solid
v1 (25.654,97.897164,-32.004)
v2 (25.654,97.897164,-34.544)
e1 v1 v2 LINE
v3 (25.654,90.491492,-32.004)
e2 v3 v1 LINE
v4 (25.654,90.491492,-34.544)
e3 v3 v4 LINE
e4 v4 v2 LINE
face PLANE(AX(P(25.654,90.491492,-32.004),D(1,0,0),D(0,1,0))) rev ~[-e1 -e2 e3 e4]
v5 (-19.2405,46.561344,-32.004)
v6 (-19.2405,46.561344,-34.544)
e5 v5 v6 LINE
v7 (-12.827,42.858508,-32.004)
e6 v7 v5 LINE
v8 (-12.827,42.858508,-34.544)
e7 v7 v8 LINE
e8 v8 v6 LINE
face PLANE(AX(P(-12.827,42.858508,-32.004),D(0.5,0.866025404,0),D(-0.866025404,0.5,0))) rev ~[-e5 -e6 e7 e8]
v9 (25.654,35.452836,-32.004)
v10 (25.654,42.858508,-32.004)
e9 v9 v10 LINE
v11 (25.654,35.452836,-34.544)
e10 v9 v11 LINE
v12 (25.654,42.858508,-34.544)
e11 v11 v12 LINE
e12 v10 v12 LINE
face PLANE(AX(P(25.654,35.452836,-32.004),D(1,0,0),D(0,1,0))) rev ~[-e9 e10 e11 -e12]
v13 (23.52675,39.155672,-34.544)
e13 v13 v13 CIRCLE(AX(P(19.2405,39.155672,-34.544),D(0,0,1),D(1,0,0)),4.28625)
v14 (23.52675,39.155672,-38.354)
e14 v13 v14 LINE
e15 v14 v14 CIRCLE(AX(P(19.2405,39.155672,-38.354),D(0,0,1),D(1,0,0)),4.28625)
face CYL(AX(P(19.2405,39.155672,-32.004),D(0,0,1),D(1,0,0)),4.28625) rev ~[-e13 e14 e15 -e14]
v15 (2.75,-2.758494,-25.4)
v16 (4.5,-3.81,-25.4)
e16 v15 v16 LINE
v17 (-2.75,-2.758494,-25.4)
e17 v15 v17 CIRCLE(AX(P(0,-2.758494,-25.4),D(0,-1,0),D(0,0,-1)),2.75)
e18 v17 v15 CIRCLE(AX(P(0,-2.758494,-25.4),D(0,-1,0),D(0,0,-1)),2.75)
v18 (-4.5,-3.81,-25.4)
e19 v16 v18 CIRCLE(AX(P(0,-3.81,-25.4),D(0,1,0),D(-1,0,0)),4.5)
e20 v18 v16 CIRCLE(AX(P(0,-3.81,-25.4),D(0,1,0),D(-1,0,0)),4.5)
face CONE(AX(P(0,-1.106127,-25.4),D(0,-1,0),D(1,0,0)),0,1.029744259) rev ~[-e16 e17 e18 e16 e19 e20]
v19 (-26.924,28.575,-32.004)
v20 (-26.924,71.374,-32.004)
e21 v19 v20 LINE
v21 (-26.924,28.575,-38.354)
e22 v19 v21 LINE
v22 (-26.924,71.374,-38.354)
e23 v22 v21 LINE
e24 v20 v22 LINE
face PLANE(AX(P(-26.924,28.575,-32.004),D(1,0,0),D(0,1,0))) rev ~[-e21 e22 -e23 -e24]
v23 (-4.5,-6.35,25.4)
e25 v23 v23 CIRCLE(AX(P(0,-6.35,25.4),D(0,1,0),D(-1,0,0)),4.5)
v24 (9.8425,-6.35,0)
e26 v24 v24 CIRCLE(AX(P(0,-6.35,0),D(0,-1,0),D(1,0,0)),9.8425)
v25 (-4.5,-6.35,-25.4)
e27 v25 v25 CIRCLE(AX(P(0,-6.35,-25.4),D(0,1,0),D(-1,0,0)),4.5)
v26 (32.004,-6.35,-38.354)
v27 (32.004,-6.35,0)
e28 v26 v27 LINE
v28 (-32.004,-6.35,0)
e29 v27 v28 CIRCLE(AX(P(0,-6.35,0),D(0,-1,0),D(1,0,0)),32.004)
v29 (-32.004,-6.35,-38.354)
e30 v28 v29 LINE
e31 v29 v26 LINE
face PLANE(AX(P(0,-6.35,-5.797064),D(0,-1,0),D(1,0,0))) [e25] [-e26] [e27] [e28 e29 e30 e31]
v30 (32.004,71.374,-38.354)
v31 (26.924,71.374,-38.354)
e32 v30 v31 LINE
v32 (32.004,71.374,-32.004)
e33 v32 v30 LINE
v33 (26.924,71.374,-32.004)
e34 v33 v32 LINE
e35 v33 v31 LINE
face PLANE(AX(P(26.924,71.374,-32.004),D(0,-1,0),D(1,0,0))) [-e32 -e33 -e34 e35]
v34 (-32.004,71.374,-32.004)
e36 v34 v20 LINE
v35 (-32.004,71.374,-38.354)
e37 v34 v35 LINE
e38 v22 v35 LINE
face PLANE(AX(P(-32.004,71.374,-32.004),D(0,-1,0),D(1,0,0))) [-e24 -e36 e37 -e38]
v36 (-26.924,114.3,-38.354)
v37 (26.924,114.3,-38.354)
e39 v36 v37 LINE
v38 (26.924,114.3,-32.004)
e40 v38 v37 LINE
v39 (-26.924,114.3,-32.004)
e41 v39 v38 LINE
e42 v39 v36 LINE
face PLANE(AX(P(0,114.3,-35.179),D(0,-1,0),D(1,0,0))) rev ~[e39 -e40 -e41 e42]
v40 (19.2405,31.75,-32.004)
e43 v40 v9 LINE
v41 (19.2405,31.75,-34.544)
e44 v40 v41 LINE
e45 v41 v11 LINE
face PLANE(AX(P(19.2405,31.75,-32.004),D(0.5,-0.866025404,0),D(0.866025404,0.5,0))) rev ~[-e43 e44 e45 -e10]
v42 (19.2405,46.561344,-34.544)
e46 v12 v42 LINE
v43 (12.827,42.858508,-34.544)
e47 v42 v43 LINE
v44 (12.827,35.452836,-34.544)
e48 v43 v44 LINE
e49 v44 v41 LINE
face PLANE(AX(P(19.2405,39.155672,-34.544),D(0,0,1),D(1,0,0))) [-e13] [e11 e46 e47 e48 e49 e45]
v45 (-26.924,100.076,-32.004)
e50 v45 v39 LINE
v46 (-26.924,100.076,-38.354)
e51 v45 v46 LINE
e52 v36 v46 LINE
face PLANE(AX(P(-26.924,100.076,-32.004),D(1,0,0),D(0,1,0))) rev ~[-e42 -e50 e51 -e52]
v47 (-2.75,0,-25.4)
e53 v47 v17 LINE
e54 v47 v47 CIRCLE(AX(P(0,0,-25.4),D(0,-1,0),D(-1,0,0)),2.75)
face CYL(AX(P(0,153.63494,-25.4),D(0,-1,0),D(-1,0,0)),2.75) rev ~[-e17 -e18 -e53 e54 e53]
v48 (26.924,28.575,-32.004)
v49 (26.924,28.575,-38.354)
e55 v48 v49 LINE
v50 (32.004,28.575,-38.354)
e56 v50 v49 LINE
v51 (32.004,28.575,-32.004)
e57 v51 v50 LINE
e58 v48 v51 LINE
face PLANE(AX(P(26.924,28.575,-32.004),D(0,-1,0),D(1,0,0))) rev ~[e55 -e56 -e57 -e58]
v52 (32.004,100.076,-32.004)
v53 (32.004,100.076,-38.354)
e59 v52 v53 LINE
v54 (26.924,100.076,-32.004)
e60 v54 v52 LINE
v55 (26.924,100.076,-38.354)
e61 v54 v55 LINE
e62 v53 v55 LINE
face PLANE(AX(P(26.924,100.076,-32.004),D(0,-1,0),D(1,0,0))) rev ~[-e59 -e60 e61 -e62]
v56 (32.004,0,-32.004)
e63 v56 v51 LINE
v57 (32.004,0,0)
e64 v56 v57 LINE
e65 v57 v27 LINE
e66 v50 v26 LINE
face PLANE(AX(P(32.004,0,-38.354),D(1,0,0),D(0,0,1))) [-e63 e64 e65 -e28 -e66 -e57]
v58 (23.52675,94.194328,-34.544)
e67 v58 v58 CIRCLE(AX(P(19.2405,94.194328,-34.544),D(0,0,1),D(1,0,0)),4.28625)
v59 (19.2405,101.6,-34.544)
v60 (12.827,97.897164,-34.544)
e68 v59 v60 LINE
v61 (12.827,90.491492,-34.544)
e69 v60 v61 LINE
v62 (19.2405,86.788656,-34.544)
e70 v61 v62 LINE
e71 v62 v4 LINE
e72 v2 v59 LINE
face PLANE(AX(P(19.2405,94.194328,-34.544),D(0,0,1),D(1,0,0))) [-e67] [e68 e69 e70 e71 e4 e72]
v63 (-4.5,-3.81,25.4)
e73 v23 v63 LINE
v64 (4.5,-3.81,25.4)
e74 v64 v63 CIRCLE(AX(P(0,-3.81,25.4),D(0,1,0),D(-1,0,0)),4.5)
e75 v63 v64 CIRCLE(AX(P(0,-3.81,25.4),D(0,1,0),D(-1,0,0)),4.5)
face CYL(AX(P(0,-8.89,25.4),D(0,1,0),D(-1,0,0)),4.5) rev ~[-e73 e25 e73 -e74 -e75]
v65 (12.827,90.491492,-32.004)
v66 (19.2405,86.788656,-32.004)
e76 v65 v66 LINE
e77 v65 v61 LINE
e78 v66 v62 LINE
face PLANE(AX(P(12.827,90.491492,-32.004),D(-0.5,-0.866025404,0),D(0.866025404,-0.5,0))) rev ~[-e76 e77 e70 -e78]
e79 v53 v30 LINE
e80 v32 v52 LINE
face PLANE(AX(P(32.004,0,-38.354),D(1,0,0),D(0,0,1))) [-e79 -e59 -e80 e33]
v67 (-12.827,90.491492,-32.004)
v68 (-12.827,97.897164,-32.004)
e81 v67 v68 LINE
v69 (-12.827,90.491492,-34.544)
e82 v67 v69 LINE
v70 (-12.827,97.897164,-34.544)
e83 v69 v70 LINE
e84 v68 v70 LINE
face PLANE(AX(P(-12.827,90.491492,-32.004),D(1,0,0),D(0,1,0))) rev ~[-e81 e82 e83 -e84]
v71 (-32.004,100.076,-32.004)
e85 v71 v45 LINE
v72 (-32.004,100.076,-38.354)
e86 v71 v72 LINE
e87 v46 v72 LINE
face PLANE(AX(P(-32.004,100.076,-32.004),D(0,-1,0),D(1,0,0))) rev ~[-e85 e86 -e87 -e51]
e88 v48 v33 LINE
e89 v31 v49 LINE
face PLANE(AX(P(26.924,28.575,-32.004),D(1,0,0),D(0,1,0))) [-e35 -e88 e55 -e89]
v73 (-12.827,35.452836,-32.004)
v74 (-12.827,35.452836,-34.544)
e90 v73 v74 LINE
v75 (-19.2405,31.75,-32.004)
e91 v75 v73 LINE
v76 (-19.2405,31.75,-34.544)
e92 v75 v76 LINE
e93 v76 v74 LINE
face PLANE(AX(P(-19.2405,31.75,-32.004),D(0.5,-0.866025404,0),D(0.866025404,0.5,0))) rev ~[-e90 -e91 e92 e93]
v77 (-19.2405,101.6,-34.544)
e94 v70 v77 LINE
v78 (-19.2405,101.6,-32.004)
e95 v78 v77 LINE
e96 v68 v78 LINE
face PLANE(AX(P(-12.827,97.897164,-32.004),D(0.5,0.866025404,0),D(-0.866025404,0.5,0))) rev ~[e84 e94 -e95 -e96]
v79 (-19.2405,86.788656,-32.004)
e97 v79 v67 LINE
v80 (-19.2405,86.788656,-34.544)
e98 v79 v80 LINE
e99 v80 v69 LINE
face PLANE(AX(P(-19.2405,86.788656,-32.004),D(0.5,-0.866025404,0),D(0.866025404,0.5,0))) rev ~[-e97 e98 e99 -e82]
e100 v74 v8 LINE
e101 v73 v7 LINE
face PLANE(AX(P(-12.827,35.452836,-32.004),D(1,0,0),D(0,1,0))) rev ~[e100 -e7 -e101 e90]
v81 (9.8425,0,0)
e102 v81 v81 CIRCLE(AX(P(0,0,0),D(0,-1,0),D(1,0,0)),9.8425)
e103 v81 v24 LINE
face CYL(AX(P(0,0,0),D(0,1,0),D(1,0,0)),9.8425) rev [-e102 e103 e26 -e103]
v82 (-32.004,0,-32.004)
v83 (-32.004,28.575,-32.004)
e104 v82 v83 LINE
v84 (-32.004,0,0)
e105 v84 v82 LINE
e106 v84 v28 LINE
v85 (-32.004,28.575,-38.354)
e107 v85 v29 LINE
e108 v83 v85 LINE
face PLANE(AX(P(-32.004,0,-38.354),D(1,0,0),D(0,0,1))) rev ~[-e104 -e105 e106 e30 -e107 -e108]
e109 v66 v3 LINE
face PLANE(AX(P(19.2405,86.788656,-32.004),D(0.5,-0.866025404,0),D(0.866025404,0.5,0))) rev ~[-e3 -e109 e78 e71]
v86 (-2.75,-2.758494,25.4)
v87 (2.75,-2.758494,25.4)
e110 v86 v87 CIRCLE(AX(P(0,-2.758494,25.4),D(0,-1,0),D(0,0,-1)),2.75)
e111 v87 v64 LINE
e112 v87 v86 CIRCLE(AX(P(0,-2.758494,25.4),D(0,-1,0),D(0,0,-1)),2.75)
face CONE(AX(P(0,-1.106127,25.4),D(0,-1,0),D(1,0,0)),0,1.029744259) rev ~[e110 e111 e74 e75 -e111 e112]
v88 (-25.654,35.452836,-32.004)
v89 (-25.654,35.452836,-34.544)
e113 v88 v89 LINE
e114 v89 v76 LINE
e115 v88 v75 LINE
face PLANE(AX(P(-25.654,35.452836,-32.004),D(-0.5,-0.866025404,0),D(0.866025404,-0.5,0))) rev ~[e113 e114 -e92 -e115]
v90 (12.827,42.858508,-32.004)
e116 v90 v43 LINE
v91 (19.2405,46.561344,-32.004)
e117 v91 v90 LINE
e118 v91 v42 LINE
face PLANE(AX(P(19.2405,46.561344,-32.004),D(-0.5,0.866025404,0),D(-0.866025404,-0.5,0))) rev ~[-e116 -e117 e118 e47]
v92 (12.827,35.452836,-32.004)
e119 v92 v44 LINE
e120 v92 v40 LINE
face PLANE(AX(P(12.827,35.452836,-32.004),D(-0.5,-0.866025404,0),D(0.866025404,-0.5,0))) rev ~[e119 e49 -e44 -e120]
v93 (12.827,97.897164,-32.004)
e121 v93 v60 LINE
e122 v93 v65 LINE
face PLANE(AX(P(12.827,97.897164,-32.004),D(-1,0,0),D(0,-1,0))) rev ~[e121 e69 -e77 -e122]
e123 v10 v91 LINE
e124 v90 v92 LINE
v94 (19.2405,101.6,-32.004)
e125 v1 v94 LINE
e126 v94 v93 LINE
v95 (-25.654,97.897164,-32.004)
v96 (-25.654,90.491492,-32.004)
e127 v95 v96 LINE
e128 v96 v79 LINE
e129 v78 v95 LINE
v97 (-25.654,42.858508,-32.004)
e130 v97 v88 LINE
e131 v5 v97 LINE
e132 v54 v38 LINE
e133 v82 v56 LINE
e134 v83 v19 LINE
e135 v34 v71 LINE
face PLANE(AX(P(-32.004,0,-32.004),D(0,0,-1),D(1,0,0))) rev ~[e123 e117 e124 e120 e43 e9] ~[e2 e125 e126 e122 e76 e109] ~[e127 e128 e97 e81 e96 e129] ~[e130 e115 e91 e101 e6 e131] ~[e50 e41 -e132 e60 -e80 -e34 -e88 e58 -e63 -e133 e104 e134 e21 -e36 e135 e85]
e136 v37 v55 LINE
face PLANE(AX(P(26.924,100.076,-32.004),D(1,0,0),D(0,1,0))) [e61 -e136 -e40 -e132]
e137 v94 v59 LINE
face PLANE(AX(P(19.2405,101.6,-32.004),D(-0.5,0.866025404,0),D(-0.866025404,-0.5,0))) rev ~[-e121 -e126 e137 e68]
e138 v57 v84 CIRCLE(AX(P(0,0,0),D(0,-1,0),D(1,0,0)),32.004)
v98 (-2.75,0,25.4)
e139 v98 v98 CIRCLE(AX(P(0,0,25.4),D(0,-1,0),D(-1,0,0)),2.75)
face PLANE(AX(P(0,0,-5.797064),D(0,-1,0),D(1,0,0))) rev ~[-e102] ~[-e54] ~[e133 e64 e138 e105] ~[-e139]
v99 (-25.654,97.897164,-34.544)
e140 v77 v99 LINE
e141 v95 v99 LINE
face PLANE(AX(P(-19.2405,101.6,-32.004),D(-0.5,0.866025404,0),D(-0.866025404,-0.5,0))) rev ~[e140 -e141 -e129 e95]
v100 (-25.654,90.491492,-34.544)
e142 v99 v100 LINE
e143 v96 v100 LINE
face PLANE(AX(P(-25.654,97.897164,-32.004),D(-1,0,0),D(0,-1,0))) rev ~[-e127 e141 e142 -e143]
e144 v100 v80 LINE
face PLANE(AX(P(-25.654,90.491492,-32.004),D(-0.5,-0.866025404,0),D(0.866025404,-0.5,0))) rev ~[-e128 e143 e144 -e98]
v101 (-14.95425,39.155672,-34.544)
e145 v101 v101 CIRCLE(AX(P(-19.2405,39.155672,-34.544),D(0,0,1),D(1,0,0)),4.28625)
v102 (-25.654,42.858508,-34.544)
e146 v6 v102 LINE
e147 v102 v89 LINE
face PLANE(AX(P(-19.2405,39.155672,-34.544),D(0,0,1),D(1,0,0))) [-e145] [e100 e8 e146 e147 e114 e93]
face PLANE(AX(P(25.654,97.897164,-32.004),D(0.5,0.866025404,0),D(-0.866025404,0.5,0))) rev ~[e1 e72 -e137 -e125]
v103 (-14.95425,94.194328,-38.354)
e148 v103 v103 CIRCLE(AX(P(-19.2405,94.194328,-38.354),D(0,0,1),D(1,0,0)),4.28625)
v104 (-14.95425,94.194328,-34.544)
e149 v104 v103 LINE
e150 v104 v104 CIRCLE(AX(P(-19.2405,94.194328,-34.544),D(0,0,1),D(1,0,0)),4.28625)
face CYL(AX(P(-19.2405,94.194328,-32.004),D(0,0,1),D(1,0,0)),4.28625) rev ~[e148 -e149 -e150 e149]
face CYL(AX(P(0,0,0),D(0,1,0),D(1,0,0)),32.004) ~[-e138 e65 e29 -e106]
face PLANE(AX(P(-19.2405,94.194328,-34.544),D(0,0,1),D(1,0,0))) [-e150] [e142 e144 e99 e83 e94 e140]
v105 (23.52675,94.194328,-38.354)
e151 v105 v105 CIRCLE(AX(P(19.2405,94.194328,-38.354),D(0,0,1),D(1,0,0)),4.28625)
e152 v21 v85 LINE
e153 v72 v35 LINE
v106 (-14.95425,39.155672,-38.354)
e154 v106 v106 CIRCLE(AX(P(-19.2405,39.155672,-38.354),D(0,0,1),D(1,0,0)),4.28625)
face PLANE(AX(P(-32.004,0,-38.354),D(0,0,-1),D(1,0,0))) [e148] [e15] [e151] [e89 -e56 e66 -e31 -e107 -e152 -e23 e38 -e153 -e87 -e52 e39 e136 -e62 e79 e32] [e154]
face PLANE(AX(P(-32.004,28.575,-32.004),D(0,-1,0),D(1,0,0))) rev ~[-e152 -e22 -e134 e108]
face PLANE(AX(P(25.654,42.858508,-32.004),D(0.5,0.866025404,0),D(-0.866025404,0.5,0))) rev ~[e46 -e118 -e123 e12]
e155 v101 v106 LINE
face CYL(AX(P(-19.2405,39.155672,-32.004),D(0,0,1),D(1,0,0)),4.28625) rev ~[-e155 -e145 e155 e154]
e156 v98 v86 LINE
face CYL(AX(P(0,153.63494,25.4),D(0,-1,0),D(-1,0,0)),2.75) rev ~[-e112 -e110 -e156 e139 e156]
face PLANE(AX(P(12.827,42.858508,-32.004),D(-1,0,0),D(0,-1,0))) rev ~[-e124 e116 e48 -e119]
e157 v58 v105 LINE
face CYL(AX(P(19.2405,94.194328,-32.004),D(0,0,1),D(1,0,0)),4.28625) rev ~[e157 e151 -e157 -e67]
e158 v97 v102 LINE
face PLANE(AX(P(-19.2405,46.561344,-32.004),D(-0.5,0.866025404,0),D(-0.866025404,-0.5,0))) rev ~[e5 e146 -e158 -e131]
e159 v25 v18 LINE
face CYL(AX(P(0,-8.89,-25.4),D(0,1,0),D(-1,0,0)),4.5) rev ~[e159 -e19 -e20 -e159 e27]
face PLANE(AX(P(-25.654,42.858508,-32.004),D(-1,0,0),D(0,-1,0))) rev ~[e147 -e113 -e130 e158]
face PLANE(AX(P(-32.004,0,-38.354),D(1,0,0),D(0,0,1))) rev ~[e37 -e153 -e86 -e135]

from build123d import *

# Parameters (mm, degrees)
F0_R     = 9.8425
F0_W     = 64.008
F0_H     = 6.35
F1_DEPTH = 6.35
F2_DEPTH = 114.3
F3_D     = 5.5
F4_R     = 4.28625
F5_DEPTH = 2.54
F6_DEPTH = 6.351
F4_W     = 5.08
F4_H     = 14.224
F4_H_2   = 42.799
F7_DEPTH = 6.351
F9_D     = 9
F9_DEPTH = 2.54
F9_TIP   = 2.7038727856


with BuildPart() as f1:
    # F0 (on Front) → F1 (new body)
    with BuildSketch(Plane.XZ):
        with BuildLine():
            Line((32.004, -32.004), (32.004, 0))
            ThreePointArc((32.004, 0), (0, 32.004), (-32.004, 0))
            Line((-32.004, 0), (-32.004, -32.004))
            Line((-32.004, -32.004), (32.004, -32.004))
        make_face()
        Circle(F0_R, mode=Mode.SUBTRACT)
        with Locations((0, -35.179)):
            Rectangle(F0_W, F0_H)
    extrude(amount=F1_DEPTH)

    # F0 (on Front) → F2 (join)
    with BuildSketch(Plane.XZ):
        with Locations((0, -35.179)):
            Rectangle(F0_W, F0_H)
    extrude(amount=-F2_DEPTH)

    # F3 (through all)
    with Locations(Plane(origin=(0, 0, 0), x_dir=(1, 0, 0), z_dir=(0, 1, 0))):
        with Locations((0, -25.4), (0, 25.4)):
            Hole(F3_D / 2)

    # F4 (on face) → F5 (cut)
    with BuildSketch(Plane.XY.offset(-32.004)):
        Polygon((-12.827, 90.4914921457), (-12.827, 97.8971640486), (-19.2405, 101.6), (-25.654, 97.8971640486), (-25.654, 90.4914921457), (-19.2405, 86.7886561942), align=None)
        with Locations((-19.2405, 94.1943280971)):
            Circle(F4_R, mode=Mode.SUBTRACT)
        Polygon((25.654, 90.4914921457), (25.654, 97.8971640486), (19.2405, 101.6), (12.827, 97.8971640486), (12.827, 90.4914921457), (19.2405, 86.7886561942), align=None)
        with Locations((19.2405, 94.1943280971)):
            Circle(F4_R, mode=Mode.SUBTRACT)
        Polygon((25.654, 35.4528359514), (25.654, 42.8585078543), (19.2405, 46.5613438058), (12.827, 42.8585078543), (12.827, 35.4528359514), (19.2405, 31.75), align=None)
        with Locations((19.2405, 39.1556719029)):
            Circle(F4_R, mode=Mode.SUBTRACT)
        Polygon((-12.827, 35.4528359514), (-12.827, 42.8585078543), (-19.2405, 46.5613438058), (-25.654, 42.8585078543), (-25.654, 35.4528359514), (-19.2405, 31.75), align=None)
        with Locations((-19.2405, 39.1556719029)):
            Circle(F4_R, mode=Mode.SUBTRACT)
    extrude(amount=-F5_DEPTH, mode=Mode.SUBTRACT)

    # F6 (cut, through all): faces of the model
    f6_faces = [f1.faces().sort_by_distance(p)[0] for p in [
        (-19.2405, 94.1943280971, -32.004),
        (19.2405, 94.1943280971, -32.004),
        (19.2405, 39.1556719029, -32.004),
        (-19.2405, 39.1556719029, -32.004),
    ]]
    extrude(f6_faces, amount=-F6_DEPTH, mode=Mode.SUBTRACT)

    # F4 (on face) → F7 (cut, through all)
    with BuildSketch(Plane.XY.offset(-32.004)):
        with Locations((29.464, 107.188)):
            Rectangle(F4_W, F4_H)
        with Locations((29.464, 49.9745)):
            Rectangle(F4_W, F4_H_2)
        with Locations((-29.464, 107.188)):
            Rectangle(F4_W, F4_H)
        with Locations((-29.464, 49.9745)):
            Rectangle(F4_W, F4_H_2)
    extrude(amount=-F7_DEPTH, mode=Mode.SUBTRACT)

    # F9
    with Locations(Plane.XZ.offset(6.35)):
        with Locations((0, 25.4), (0, -25.4)):
            Hole(F9_D / 2, depth=F9_DEPTH)
            with Locations((0, 0, -(F9_DEPTH + F9_TIP / 2))):  # 118° drill point
                Cone(0, F9_D / 2, F9_TIP, mode=Mode.SUBTRACT)


solid = f1.part
